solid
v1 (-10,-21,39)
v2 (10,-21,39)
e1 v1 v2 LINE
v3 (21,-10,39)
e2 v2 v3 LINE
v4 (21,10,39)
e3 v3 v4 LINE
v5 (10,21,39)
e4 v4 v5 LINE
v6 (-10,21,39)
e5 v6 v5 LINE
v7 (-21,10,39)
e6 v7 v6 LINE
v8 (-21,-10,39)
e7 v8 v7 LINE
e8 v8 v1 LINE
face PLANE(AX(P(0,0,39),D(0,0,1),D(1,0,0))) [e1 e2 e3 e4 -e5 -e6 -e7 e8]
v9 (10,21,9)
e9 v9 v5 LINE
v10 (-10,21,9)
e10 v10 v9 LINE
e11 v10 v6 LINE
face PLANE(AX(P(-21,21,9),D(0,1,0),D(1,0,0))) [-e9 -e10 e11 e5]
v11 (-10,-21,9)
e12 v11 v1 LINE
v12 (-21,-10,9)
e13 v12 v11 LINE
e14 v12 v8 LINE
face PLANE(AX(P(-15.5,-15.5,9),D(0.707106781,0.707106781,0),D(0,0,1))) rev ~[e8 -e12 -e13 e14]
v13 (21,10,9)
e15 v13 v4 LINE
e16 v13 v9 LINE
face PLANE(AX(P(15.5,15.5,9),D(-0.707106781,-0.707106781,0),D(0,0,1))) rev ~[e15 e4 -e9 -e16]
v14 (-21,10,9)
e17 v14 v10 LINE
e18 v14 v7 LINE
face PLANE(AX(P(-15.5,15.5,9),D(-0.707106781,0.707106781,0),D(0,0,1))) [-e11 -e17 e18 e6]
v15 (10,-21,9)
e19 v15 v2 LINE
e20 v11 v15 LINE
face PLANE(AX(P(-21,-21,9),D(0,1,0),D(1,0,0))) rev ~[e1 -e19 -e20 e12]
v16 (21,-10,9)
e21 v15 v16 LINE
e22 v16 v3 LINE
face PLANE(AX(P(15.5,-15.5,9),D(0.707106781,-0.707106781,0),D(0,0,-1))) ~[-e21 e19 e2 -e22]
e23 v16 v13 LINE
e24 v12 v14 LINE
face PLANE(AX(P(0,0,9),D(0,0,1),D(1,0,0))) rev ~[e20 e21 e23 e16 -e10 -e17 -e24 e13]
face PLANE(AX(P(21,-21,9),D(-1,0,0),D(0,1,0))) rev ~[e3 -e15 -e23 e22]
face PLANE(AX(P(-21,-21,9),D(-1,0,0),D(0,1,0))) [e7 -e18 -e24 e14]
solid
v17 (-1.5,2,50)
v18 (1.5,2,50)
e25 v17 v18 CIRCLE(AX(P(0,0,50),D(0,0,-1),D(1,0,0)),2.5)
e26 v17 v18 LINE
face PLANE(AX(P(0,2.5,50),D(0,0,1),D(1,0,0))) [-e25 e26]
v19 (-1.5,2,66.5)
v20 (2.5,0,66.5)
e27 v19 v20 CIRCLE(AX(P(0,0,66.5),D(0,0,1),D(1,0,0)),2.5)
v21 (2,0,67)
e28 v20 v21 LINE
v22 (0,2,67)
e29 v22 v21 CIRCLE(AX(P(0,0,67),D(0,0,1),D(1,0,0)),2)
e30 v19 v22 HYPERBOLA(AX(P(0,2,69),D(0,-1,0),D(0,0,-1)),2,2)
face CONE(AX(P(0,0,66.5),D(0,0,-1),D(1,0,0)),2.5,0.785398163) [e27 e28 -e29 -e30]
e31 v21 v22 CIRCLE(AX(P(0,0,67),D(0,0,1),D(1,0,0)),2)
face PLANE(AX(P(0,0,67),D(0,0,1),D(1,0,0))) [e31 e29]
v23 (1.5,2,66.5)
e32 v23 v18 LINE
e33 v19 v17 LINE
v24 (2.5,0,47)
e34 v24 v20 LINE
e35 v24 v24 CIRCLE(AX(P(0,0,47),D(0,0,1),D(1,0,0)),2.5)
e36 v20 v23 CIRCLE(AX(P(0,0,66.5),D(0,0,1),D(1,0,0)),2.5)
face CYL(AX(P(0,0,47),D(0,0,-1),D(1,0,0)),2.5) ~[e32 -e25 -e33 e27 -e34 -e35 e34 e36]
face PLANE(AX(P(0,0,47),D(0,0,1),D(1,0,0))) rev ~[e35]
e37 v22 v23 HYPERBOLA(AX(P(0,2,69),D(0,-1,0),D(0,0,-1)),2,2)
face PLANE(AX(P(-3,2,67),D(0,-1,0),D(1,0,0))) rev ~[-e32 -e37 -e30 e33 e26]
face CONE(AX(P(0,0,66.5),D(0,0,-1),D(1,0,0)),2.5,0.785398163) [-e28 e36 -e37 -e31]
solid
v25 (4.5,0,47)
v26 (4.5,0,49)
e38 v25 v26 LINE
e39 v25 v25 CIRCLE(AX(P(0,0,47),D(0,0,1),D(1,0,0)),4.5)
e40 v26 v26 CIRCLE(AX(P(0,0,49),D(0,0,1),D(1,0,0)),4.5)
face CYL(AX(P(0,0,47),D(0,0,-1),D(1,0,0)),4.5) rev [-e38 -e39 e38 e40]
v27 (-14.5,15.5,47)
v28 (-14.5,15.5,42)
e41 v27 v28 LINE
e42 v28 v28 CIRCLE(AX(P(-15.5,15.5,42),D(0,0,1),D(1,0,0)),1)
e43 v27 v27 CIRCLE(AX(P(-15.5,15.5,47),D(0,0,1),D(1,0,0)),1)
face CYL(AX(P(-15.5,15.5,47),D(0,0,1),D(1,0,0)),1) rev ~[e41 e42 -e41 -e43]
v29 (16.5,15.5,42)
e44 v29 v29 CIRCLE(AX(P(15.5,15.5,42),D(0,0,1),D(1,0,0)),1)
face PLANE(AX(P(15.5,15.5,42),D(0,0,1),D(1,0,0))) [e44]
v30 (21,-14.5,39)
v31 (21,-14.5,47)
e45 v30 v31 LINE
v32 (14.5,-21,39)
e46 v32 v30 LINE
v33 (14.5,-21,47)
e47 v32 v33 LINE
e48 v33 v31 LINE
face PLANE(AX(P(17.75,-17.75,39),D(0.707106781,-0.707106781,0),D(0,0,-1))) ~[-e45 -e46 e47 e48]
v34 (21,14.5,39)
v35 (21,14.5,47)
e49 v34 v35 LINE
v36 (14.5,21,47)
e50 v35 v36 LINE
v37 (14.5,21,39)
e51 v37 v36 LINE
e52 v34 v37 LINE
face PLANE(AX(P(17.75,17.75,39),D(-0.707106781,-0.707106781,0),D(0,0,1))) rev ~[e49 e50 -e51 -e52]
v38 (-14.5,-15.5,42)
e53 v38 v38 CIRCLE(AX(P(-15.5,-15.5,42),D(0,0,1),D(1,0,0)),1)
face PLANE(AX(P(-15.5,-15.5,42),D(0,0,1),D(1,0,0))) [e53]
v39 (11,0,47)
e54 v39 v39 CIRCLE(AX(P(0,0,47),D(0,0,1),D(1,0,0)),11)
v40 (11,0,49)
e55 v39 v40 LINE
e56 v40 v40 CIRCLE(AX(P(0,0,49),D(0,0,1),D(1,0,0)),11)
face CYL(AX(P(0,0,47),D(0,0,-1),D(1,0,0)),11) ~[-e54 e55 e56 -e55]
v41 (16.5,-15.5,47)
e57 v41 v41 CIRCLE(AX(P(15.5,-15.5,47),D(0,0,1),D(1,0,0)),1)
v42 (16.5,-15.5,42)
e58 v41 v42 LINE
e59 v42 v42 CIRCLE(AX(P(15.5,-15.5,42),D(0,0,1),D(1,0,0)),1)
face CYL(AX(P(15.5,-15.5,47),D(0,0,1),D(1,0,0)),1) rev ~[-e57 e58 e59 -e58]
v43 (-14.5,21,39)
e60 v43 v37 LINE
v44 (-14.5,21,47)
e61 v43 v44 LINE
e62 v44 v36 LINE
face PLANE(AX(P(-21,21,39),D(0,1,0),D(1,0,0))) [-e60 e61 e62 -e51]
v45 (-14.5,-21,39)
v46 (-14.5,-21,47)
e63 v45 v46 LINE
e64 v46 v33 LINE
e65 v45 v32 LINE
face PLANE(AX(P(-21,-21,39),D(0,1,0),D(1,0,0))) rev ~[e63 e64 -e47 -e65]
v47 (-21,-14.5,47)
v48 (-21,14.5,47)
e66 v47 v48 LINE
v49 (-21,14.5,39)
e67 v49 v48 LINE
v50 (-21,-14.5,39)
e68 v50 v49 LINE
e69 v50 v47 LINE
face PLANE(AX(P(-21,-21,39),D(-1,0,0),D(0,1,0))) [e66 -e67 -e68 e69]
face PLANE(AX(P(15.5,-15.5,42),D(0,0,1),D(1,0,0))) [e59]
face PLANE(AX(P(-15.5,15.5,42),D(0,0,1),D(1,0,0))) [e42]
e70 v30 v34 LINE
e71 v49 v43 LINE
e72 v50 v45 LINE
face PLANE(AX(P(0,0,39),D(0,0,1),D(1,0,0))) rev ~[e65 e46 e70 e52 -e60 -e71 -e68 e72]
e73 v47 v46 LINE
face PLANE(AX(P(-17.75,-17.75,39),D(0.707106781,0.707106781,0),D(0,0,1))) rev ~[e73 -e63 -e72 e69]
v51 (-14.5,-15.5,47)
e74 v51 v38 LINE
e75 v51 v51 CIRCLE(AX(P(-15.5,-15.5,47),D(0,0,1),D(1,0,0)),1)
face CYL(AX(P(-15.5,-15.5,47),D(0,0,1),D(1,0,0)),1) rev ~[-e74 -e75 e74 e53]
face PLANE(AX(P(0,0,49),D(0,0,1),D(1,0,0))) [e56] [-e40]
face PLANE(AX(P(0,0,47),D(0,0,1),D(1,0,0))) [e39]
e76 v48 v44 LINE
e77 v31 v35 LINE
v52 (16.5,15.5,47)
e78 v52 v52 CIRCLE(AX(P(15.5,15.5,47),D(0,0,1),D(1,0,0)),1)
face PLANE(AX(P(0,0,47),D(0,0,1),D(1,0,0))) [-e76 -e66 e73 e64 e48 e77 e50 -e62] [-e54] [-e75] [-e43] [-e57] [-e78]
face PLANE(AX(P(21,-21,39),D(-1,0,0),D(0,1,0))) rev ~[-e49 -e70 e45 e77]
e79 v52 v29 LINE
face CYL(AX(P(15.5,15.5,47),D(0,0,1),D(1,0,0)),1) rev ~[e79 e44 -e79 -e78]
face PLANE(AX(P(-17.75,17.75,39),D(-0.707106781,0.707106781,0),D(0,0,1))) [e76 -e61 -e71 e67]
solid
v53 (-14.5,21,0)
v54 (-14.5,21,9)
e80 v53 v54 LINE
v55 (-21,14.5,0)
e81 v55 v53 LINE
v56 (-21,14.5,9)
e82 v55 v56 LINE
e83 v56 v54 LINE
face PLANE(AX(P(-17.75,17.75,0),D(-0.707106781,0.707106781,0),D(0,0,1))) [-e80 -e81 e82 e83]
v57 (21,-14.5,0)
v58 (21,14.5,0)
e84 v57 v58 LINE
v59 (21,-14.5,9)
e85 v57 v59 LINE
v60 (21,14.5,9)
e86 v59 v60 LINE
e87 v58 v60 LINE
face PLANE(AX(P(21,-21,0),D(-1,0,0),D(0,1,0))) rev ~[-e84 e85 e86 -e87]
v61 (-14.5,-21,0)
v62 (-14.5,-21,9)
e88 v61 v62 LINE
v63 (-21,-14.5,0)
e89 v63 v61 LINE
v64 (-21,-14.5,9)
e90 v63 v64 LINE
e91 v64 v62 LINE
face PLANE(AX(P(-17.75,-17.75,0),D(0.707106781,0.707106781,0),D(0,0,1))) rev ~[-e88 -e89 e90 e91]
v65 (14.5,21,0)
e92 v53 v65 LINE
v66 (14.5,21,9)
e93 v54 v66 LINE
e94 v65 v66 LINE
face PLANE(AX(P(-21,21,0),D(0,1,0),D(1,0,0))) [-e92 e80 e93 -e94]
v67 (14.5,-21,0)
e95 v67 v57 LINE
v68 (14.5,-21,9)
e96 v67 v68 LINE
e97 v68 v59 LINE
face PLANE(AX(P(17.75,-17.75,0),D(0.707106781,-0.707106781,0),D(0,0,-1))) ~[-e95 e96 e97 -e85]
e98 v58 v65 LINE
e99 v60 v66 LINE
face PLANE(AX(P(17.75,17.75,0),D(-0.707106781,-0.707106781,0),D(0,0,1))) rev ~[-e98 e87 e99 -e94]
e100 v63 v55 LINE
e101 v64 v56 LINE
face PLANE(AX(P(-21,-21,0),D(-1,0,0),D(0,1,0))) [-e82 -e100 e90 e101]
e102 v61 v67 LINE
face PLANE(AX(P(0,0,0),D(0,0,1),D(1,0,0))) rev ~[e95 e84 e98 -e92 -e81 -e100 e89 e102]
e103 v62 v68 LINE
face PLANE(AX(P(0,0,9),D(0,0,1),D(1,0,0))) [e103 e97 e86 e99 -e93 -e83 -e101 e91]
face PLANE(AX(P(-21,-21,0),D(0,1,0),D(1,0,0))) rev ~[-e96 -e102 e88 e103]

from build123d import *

# Parameters (mm, degrees)
F0_W      = 42
F0_H      = 42
F1_DEPTH  = 9
F2_SIZE   = 6.5
F3_W      = 42
F3_H      = 42
F4_DEPTH  = 30
F5_SIZE   = 11
F6_W      = 42
F6_H      = 42
F7_DEPTH  = 8
F8_SIZE   = 6.5
F9_R      = 11
F9_R_2    = 4.5
F10_DEPTH = 2
F11_R     = 2.5
F12_DEPTH = 20
F13_SIZE  = 0.5
F14_W     = 6
F14_H     = 1
F15_DEPTH = 18
F16_R     = 1
F17_DEPTH = 5
F18_DEPTH = 17


with BuildPart() as f1:
    # F0 (on Top) → F1 (new body)
    with BuildSketch(Plane.XY):
        Rectangle(F0_W, F0_H)
    extrude(amount=F1_DEPTH)

    # F2
    f2_edges = [f1.edges().sort_by_distance(p)[0] for p in [
        (-21, -21, 4.5),
        (21, -21, 4.5),
        (21, 21, 4.5),
        (-21, 21, 4.5),
    ]]
    chamfer(f2_edges, length=F2_SIZE)

    # F14 (on face) → F15 (cut)
    with BuildSketch(Plane.XY.offset(67)):
        with Locations((0, 2.5)):
            Rectangle(F14_W, F14_H)
    extrude(amount=F15_DEPTH, mode=Mode.SUBTRACT)


with BuildPart() as f4:
    # F3 (on face) → F4 (new body)
    with BuildSketch(Plane.XY.offset(9)):
        Rectangle(F3_W, F3_H)
    extrude(amount=F4_DEPTH)

    # F5
    f5_edges = [f4.edges().sort_by_distance(p)[0] for p in [
        (21, 21, 24),
        (-21, 21, 24),
        (-21, -21, 24),
        (21, -21, 24),
    ]]
    chamfer(f5_edges, length=F5_SIZE)


with BuildPart() as f7:
    # F6 (on face) → F7 (new body)
    with BuildSketch(Plane.XY.offset(39)):
        Rectangle(F6_W, F6_H)
    extrude(amount=F7_DEPTH)

    # F8
    f8_edges = [f7.edges().sort_by_distance(p)[0] for p in [
        (-21, -21, 43),
        (21, -21, 43),
        (21, 21, 43),
        (-21, 21, 43),
    ]]
    chamfer(f8_edges, length=F8_SIZE)

    # F9 (on face) → F10 (join)
    with BuildSketch(Plane.XY.offset(47)):
        Circle(F9_R)
        Circle(F9_R_2, mode=Mode.SUBTRACT)
    extrude(amount=F10_DEPTH)

    # F16 (on face) → F17 (cut)
    with BuildSketch(Plane.XY.offset(47)):
        with Locations((-15.5, 15.5)):
            Circle(F16_R)
        with Locations((15.5, 15.5)):
            Circle(F16_R)
        with Locations((-15.5, -15.5)):
            Circle(F16_R)
        with Locations((15.5, -15.5)):
            Circle(F16_R)
    extrude(amount=-F17_DEPTH, mode=Mode.SUBTRACT)


with BuildPart() as f12:
    # F11 (on face) → F12 (new body)
    with BuildSketch(Plane.XY.offset(47)):
        Circle(F11_R)
    extrude(amount=F12_DEPTH)

    # F13
    f13_edges = [f12.edges().sort_by_distance(p)[0] for p in [
        (-2.5, 0, 67),
    ]]
    chamfer(f13_edges, length=F13_SIZE)

    # F14 (on face) → F18 (cut)
    with BuildSketch(Plane.XY.offset(67)):
        with Locations((0, 2.5)):
            Rectangle(F14_W, F14_H)
    extrude(amount=-F18_DEPTH, mode=Mode.SUBTRACT)


solid = Compound([f1.part, f4.part, f7.part, f12.part])
